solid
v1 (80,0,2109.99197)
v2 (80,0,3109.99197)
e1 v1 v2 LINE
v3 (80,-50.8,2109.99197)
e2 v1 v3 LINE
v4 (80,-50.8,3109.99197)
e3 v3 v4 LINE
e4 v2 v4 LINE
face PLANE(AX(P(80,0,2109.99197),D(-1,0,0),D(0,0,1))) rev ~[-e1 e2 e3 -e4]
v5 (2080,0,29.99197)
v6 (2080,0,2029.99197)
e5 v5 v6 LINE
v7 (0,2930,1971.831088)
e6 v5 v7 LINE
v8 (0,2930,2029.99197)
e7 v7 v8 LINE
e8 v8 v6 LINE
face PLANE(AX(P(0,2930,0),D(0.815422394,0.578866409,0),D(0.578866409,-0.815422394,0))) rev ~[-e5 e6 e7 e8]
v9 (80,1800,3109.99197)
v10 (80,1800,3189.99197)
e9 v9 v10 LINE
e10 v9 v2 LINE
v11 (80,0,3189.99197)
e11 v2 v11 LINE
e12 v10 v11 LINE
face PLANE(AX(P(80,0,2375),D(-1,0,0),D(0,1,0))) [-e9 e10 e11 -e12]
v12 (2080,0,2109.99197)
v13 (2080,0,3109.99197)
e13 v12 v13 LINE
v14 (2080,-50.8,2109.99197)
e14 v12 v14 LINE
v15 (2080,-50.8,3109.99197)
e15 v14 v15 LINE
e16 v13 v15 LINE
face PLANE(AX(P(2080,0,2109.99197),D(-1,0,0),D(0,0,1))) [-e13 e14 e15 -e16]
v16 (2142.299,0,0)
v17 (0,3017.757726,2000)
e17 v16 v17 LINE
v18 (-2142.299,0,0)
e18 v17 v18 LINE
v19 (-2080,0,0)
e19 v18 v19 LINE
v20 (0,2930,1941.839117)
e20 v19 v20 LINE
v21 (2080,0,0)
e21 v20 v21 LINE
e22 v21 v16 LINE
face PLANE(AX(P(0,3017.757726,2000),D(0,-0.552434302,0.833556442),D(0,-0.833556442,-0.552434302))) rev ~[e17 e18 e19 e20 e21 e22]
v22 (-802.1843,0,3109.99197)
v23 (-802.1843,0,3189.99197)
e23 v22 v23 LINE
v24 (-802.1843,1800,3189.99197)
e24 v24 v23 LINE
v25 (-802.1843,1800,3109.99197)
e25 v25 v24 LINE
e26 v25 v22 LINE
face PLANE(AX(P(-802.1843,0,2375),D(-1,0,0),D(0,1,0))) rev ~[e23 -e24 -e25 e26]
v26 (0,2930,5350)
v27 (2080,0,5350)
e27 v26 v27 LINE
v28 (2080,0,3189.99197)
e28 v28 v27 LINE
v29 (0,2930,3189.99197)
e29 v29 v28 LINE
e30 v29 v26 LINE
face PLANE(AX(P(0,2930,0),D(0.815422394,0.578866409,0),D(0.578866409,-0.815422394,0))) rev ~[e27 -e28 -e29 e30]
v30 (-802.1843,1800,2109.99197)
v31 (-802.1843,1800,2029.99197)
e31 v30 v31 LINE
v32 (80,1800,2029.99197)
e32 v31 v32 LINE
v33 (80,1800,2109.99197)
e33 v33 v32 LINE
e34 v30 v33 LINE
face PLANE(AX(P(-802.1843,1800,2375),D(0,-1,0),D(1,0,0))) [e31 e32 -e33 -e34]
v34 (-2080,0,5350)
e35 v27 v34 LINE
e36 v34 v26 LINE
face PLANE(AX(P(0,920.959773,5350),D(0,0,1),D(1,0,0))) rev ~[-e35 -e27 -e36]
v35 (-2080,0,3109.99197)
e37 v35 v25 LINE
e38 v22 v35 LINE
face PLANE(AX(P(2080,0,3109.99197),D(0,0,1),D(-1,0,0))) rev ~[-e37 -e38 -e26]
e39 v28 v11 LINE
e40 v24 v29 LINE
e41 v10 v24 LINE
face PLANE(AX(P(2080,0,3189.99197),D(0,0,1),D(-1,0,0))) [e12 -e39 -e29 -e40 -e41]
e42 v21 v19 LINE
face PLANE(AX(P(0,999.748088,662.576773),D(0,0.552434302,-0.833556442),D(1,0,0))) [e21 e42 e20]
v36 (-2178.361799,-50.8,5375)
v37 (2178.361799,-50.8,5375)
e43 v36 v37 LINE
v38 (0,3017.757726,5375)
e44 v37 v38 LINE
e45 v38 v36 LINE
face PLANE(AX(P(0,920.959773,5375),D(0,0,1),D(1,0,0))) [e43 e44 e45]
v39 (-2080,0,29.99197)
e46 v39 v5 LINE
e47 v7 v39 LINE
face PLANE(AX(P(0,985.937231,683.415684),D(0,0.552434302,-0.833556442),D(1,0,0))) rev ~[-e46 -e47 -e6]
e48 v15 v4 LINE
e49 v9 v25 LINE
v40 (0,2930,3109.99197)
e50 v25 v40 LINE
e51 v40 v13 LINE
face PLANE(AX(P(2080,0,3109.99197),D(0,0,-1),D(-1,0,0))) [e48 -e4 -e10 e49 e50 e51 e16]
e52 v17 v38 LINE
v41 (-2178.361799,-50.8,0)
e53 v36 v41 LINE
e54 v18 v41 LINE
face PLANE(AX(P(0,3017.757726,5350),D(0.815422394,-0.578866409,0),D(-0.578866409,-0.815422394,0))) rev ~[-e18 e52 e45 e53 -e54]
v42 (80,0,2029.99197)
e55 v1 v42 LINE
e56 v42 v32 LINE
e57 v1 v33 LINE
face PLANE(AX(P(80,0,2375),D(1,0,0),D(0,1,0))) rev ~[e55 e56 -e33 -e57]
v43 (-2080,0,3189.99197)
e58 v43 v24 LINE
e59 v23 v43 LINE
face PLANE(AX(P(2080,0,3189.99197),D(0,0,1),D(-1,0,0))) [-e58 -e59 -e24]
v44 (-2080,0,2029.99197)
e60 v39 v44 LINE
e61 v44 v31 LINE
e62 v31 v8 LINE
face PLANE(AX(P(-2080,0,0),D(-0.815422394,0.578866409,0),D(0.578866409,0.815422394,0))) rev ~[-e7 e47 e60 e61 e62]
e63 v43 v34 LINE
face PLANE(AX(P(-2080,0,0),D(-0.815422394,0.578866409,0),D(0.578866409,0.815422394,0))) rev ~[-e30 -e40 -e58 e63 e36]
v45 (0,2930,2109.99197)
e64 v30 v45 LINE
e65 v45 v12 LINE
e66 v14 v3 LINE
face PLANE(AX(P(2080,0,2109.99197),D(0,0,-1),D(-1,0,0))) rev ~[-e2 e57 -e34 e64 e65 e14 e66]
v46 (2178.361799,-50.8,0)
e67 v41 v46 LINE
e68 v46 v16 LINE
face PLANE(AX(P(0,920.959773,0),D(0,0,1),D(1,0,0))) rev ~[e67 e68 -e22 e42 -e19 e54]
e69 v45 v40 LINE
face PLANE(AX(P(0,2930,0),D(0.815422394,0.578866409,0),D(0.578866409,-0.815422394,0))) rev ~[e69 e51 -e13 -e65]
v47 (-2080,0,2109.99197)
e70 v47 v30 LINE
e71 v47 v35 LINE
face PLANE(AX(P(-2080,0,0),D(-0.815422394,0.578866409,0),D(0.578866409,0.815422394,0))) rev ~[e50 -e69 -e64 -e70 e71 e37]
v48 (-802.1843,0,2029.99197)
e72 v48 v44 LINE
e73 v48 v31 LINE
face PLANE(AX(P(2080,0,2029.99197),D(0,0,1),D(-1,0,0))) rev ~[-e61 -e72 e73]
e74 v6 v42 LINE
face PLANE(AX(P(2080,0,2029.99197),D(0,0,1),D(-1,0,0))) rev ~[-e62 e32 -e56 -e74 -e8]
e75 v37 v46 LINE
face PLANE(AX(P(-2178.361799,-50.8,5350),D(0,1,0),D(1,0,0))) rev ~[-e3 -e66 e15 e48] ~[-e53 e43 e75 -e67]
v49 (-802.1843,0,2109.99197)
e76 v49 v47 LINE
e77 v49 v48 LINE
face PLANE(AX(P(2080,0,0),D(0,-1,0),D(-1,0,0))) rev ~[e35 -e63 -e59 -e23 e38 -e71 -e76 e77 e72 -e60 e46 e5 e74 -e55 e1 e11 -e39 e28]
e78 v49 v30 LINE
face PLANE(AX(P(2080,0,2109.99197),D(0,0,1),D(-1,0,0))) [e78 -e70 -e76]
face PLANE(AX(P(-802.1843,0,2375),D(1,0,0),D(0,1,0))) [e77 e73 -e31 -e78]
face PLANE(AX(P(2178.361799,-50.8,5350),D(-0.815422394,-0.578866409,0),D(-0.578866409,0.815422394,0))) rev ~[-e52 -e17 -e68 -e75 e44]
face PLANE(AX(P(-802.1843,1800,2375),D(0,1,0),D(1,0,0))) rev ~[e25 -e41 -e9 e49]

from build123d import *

# Parameters (mm, degrees)
F1_DEPTH       = 5350
F3_DEPTH       = 2500
F5_DEPTH       = 25
F7_DEPTH       = 25
F10_W          = 4160
F10_H          = 80
F12_W          = 882.1843003413
F12_H          = 1800
F13_DEPTH      = 880
F13_DEPTH_BACK = 2000
F14_W          = 2000
F14_H          = 1000
F15_DEPTH      = 50.8


with BuildPart() as f1:
    # F0 (on Top) → F1 (new body)
    with BuildSketch(Plane.XY):
        Polygon((0, 3017.7577264632), (-2178.361798991, -50.8), (0, -50.8), (2178.361798991, -50.8), align=None)
        Polygon((2080, 0), (0, 0), (-2080, 0), (0, 2930), align=None, mode=Mode.SUBTRACT)
    extrude(amount=F1_DEPTH)

    # F2 (on Right) → F3 (cut, symmetric)
    with BuildSketch(Plane.YZ):
        Polygon((3017.7577264632, 2000), (0, 0), (3017.7577264632, 0), align=None)
    extrude(amount=F3_DEPTH, both=True, mode=Mode.SUBTRACT)

    # F4 (on face) → F5 (join)
    with BuildSketch(Plane(origin=(0, 0, 0), x_dir=(1, 0, 0), z_dir=(0, 0.5524343022, -0.8335564419))):
        Polygon((-2142.2990003561, 0), (0, -3620.3399972418), (2142.2990003561, 0), align=None)
    extrude(amount=-F5_DEPTH)

    # F6 (on face) → F7 (join)
    with BuildSketch(Plane.XY.offset(5350)):
        Polygon((2178.361798991, -50.8), (0, 3017.7577264632), (-2178.361798991, -50.8), align=None)
    extrude(amount=F7_DEPTH)

    # F10 (on face) → F11 (join, up to the next surface of F1)
    with BuildSketch(Plane(origin=(0, 0, 0), x_dir=(-1, 0, 0), z_dir=(0, 1, 0))):
        with Locations((0, 3149.9919702425)):
            Rectangle(F10_W, F10_H)
        with Locations((0, 2069.9919702425)):
            Rectangle(F10_W, F10_H)
    extrude(until=Until.NEXT)

    # F12 (on offset) → F13 (cut, two sides)
    with BuildSketch(Plane.XY.offset(2375)) as f13_sk:
        with Locations((-361.0921501707, 900)):
            Rectangle(F12_W, F12_H)
    extrude(amount=-F13_DEPTH, mode=Mode.SUBTRACT)
    extrude(f13_sk.sketch, amount=F13_DEPTH_BACK, mode=Mode.SUBTRACT)

    # F14 (on face) → F15 (cut, through all)
    with BuildSketch(Plane(origin=(0, 0, 0), x_dir=(-1, 0, 0), z_dir=(0, 1, 0))):
        with Locations((-1080, 2609.9919702425)):
            Rectangle(F14_W, F14_H)
    extrude(amount=-F15_DEPTH, mode=Mode.SUBTRACT)


solid = f1.part
